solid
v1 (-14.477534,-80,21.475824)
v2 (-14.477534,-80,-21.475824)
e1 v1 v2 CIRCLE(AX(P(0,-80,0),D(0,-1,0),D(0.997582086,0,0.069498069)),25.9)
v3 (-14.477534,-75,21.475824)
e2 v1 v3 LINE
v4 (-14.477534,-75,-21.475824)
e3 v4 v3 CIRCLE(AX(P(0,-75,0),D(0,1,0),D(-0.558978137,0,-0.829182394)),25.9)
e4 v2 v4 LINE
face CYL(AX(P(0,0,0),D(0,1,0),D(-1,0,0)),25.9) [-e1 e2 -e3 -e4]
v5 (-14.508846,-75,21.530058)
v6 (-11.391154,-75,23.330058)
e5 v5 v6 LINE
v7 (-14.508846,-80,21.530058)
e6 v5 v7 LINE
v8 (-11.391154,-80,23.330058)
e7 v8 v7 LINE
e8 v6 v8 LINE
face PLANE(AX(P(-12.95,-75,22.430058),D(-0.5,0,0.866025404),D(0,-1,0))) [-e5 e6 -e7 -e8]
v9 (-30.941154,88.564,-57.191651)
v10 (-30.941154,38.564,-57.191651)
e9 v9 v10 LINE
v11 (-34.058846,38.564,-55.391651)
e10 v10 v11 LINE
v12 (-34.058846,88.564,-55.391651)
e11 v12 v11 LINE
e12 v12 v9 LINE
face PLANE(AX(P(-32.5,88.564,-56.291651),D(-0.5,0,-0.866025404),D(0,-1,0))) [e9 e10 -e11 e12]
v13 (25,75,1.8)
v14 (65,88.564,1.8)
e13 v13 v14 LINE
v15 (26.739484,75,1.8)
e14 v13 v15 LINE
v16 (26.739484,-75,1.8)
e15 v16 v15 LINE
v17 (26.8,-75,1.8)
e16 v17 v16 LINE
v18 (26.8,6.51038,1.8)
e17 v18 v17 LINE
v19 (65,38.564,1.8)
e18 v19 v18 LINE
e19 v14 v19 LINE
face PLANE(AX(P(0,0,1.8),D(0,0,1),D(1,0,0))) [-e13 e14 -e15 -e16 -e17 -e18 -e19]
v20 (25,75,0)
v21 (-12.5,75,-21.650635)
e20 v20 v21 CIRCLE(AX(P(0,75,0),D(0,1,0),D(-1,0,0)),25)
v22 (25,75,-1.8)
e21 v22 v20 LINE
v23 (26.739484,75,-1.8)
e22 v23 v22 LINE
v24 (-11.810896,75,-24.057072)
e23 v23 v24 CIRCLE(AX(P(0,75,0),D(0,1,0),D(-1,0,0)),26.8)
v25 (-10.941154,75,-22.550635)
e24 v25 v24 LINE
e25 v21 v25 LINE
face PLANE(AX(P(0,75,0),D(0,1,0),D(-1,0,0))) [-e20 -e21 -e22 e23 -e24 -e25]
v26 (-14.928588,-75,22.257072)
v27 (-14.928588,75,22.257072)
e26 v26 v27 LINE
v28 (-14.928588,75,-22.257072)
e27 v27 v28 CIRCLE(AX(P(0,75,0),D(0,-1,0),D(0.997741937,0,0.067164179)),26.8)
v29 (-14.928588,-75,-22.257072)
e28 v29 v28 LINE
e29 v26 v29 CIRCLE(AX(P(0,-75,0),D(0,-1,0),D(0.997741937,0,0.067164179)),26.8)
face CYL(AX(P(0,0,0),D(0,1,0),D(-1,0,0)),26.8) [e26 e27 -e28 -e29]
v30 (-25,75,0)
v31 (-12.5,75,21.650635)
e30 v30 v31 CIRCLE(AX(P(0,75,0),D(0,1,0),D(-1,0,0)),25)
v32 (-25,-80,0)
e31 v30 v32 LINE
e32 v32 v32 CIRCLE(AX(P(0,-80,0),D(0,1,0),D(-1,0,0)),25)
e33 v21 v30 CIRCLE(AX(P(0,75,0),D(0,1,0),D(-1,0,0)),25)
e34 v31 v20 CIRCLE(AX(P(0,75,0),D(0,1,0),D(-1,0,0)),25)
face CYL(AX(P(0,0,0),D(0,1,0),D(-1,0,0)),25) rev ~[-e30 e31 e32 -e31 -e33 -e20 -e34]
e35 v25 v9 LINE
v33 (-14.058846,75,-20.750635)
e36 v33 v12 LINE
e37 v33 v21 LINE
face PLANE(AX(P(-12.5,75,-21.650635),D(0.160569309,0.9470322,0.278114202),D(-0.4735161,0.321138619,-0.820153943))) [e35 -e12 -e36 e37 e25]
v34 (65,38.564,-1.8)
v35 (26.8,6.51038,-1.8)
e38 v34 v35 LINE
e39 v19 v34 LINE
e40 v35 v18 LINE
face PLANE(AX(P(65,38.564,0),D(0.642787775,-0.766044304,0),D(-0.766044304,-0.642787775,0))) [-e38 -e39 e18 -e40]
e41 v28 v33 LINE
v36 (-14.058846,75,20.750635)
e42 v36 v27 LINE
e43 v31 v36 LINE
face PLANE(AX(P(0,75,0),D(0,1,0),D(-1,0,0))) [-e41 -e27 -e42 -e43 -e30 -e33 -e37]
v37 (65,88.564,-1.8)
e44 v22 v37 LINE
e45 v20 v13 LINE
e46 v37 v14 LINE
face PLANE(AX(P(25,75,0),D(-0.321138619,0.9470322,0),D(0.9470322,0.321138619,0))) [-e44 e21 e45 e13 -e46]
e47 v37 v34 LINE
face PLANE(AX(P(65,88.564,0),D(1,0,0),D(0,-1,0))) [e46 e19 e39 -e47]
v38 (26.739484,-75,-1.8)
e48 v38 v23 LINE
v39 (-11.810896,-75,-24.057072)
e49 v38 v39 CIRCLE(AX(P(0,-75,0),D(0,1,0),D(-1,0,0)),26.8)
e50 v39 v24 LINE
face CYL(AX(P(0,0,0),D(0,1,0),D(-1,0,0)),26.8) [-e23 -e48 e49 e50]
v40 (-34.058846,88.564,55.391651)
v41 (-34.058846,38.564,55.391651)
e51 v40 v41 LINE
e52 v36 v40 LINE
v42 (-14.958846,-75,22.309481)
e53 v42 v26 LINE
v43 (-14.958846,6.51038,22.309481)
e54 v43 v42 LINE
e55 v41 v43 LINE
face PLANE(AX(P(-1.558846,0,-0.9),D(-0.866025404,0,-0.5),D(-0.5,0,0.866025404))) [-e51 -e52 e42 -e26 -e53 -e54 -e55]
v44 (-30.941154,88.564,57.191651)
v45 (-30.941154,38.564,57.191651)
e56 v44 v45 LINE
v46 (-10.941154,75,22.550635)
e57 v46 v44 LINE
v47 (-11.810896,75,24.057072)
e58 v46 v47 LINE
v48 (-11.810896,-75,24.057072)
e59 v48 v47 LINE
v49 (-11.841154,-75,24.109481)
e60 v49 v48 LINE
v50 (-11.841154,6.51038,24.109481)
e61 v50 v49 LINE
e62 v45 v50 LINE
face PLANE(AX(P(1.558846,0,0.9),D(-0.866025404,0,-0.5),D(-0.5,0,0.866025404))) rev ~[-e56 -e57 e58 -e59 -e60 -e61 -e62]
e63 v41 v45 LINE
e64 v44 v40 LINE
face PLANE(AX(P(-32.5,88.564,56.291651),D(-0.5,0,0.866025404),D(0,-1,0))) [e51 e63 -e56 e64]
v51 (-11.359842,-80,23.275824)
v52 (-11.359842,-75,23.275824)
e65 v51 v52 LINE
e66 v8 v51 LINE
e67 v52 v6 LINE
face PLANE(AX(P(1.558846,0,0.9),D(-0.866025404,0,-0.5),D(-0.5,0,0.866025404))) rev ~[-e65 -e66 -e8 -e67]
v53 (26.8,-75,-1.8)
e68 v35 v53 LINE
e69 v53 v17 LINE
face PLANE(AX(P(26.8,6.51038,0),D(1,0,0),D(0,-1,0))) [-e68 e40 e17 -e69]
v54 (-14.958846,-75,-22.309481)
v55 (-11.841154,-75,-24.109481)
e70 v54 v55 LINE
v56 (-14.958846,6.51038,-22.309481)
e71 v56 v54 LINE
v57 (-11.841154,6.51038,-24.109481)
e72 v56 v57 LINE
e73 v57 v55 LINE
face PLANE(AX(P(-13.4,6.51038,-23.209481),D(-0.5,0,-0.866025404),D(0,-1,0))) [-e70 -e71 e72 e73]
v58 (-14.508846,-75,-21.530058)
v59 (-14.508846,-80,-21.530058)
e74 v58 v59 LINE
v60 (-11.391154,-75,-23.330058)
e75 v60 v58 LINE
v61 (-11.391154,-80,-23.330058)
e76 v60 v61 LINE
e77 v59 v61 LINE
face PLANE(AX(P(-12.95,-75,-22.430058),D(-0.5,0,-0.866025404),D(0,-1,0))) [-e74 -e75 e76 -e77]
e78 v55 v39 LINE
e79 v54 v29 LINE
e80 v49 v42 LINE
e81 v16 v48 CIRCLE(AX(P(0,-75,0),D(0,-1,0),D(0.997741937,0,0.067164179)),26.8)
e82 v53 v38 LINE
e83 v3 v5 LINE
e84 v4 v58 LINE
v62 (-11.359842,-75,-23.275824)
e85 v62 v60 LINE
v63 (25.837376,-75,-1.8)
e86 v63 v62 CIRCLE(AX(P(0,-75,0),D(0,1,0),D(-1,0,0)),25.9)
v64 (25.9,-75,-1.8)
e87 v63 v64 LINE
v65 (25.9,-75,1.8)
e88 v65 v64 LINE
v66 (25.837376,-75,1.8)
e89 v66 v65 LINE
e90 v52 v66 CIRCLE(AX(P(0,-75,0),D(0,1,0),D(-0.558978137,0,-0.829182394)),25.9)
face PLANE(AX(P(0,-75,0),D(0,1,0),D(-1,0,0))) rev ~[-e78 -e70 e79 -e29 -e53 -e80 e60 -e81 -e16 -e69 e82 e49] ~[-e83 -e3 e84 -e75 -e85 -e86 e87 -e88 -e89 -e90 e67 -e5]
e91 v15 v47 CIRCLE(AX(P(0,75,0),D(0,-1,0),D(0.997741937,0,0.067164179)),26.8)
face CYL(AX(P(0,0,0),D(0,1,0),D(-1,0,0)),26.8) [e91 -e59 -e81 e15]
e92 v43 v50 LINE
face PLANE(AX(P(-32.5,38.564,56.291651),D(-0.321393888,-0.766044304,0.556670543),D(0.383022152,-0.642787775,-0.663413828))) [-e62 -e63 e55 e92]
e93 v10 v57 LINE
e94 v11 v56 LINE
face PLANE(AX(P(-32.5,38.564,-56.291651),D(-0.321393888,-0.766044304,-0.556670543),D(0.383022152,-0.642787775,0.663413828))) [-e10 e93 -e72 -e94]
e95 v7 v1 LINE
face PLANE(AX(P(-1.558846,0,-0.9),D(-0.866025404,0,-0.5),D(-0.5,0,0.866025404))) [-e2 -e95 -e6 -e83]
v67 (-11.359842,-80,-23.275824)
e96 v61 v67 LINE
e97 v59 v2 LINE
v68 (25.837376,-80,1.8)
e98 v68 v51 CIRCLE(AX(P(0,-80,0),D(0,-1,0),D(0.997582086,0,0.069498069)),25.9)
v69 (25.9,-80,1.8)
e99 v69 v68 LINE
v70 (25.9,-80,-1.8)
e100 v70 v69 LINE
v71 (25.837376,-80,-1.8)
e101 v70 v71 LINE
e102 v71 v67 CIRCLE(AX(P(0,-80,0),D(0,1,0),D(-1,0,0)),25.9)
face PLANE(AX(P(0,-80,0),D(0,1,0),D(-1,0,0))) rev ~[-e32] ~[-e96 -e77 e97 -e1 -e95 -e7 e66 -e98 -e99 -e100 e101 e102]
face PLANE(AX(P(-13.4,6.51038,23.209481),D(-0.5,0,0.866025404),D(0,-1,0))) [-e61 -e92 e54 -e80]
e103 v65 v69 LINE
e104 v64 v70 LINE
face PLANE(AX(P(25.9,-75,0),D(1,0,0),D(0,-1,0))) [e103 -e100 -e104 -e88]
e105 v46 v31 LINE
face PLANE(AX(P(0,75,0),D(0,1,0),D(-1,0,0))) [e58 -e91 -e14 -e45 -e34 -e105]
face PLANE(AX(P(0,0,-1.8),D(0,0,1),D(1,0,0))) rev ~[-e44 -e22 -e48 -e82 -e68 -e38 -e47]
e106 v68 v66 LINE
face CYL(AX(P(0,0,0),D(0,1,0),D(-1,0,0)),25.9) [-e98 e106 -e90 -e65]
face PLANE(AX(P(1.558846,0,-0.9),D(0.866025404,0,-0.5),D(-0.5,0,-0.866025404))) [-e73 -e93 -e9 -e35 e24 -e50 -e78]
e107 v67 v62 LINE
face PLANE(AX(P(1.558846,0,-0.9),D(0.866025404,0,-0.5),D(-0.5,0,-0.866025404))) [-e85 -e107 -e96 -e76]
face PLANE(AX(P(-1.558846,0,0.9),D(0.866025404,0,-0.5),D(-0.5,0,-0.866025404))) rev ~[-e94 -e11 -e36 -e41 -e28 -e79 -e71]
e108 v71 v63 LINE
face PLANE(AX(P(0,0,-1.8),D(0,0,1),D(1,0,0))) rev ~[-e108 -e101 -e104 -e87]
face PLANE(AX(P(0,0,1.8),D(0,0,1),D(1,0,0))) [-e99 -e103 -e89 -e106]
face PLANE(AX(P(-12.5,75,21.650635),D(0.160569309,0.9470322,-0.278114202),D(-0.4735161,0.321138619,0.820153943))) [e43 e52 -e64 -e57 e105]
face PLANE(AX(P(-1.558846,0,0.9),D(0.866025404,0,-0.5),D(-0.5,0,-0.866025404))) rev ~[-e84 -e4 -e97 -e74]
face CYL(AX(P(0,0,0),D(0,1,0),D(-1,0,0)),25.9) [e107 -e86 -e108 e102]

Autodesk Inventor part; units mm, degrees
ref_plane "YZ Plane" through (0, 0, 0) normal (1, 0, 0) x (0, 1, 0)
ref_plane "XZ Plane" through (0, 0, 0) normal (0, 1, 0) x (-1, 0, 0)
ref_plane "XY Plane" through (0, 0, 0) normal (0, 0, 1) x (1, 0, 0)
sketch "Sketch1" plane through (0, 0, 0) normal (0, 1, 0) x (-1, 0, 0)
  circle A0 centre (0, 0) radius 25
  circle A1 centre (0, 0) radius 25.9
  circle A2 centre (0, 0) radius 26.8
  dimension "d0" = 50
  dimension "d1" = 51.8
  dimension "d2" = 53.6
extrude "Extrusion1" add sketch "Sketch1" along normal blind 75 and the other way blind 80 contours A1
extrude "Extrusion2" add sketch "Sketch1" along normal blind 75 and the other way blind 75 contours A2
sketch "Sketch4" plane through (0, 0, 0) normal (0, 0, 1) x (1, 0, 0)
  line L0 (65, 99.9302) -> (65, 38.564)
  line L1 (65, 38.564) -> (25, 5)
  line L2 (25, 5) -> (25, 75)
  line L3 (25, 75) -> (65, 88.564)
  line L4 (65, 88.564) -> (65, 99.9302)
  line L5 (-25, 75) -> (25, 75) projected
  line L6 (-25, 75) -> (25, 75) projected
  line L7 (25.9, -80) -> (25, -80) projected
  line L8 (25, -80) -> (25, 75) projected
  line L9 (26.8, 75) -> (26.8, -75) projected
  line L10 (-25, -80) -> (-25.9, -80) projected
  line L11 (-26.8, -75) -> (-26.8, 75) projected
  line L12 (-25, 75) -> (-25, -80) projected
  line L13 (25, 75) -> (26.8, 75) projected
  line L14 (-26.8, 75) -> (-25, 75) projected
  line L15 (26.8, -75) -> (25.9, -75) projected
  line L16 (25.9, -75) -> (25.9, -80) projected
  line L17 (-25.9, -80) -> (-25.9, -75) projected
  line L18 (-25.9, -75) -> (-26.8, -75) projected
  point P0 (0, 0)
  point P1 (26.8, 96)
  point P2 (-26.8, 96)
  point P3 (26.8, 6.5104)
  point P4 (15.9, -100)
  point P5 (-15.9, -100)
  point P6 (25, 5)
  dimension "d18" = 70
  dimension "d21" = 50
  dimension "d24" = 50
  dimension "d25" = 40
extrude "Extrusion4" add sketch "Sketch4" along normal mid plane 3.6 contours L0 L1 L9 L13 L3 | L13 L9 L1 L2 | L9 L15 L16 L7 L8 L1
pattern_circular "Circular Pattern2" count 3 over 360 about axis through (0, -10, 0) along (0, 1, 0) of "Extrusion4"
properties part number "tail" material "ABS Plastic"
